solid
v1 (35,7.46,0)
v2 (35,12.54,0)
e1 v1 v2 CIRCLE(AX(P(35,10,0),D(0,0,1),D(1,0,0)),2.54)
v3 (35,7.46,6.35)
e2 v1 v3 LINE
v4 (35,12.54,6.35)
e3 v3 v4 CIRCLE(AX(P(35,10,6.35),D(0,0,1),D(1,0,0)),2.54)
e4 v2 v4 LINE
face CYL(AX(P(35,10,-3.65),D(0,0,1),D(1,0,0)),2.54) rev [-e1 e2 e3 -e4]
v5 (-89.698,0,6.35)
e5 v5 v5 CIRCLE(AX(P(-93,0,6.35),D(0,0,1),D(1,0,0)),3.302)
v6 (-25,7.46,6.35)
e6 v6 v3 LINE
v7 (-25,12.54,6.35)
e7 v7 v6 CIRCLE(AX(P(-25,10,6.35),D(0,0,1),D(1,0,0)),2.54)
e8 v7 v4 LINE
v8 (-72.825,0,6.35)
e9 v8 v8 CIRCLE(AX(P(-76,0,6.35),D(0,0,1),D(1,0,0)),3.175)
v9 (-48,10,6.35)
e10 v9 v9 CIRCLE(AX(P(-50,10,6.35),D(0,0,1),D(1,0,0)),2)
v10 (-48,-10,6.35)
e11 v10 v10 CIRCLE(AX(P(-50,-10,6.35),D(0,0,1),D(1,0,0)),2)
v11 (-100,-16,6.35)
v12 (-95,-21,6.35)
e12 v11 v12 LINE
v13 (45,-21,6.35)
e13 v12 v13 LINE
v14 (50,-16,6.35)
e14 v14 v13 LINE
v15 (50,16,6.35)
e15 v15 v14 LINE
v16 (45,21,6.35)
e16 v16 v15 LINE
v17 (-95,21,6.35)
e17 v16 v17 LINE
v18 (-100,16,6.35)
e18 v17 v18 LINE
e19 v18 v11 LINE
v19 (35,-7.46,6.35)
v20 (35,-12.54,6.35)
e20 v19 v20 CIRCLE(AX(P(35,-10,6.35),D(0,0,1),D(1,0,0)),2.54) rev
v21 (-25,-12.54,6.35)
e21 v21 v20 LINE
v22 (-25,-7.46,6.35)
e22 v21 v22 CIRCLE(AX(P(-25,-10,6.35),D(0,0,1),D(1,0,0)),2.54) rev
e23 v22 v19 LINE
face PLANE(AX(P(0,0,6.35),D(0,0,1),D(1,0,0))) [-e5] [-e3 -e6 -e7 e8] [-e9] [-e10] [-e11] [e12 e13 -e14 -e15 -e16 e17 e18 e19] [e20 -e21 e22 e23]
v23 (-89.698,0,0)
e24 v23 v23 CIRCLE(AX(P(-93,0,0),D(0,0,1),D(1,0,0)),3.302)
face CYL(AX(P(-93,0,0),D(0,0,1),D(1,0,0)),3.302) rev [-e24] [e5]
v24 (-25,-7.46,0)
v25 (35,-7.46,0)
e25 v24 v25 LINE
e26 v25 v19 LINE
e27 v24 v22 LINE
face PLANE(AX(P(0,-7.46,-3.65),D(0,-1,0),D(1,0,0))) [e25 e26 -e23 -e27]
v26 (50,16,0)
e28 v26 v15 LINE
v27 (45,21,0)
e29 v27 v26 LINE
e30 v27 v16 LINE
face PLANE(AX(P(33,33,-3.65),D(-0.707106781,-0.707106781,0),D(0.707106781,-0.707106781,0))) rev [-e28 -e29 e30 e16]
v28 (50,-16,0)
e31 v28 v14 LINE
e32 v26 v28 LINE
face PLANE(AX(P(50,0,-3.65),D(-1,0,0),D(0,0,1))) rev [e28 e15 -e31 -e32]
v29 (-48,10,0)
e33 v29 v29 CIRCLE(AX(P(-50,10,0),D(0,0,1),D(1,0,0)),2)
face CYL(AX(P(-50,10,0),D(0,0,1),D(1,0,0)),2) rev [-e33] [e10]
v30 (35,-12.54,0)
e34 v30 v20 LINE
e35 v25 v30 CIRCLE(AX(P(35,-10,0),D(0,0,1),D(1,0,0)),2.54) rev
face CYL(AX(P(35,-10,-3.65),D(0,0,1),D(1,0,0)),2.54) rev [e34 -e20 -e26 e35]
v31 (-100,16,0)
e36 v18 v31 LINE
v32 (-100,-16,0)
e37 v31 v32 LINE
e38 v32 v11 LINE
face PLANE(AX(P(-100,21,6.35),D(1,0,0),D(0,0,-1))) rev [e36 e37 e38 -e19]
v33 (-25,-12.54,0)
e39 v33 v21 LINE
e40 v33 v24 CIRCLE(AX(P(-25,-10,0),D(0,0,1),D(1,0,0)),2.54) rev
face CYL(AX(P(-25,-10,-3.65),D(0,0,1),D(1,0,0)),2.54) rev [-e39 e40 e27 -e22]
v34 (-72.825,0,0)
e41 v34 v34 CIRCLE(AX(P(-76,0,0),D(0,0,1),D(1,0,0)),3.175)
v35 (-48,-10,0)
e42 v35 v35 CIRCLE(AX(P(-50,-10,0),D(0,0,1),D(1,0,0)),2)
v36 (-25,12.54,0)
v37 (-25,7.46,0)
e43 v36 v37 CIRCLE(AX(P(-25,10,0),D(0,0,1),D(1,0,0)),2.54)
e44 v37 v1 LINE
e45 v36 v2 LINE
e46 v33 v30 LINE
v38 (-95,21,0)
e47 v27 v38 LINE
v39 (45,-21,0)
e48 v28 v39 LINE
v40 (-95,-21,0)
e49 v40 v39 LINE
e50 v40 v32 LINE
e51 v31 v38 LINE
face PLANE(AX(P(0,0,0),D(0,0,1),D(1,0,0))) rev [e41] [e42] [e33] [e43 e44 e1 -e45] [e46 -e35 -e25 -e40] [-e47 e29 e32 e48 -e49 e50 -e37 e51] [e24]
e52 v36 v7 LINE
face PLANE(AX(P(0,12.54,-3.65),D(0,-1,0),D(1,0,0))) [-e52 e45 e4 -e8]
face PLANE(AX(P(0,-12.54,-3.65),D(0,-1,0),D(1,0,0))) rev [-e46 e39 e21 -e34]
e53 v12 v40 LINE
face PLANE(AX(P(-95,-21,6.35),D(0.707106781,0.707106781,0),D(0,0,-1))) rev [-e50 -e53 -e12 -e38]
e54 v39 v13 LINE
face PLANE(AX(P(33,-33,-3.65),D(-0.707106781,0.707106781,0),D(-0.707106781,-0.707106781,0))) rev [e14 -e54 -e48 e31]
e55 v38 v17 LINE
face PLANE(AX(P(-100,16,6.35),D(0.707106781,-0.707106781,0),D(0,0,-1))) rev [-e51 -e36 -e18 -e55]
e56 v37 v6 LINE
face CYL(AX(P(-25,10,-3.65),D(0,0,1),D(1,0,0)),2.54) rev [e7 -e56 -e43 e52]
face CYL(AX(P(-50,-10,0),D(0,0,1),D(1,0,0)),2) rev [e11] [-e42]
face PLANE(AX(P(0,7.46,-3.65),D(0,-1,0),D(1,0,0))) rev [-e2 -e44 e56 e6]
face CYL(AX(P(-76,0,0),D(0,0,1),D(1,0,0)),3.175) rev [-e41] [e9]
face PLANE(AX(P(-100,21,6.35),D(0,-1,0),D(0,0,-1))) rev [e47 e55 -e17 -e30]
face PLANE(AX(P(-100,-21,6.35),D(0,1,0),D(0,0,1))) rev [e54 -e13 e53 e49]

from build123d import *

# Parameters (mm, degrees)
SKETCH1_W           = 200
SKETCH1_H           = 42
BOSS_EXTRUDE1_DEPTH = 6.35
SKETCH3_R           = 2
CUT_EXTRUDE2_DEPTH  = 7.35
SKETCH4_R           = 3.175
CUT_EXTRUDE3_DEPTH  = 7.35
CHAMFER1_SIZE       = 5
SKETCH9_R           = 3.175
CUT_EXTRUDE8_DEPTH  = 7.35
SKETCH10_R          = 12.5
CUT_EXTRUDE9_DEPTH  = 7.35
SKETCH12_R          = 3.302
CUT_EXTRUDE11_DEPTH = 7.35
SKETCH13_R          = 12.5
CUT_EXTRUDE12_DEPTH = 10


with BuildPart() as part:
    # Sketch1 → Boss-Extrude1 (new body)
    with BuildSketch(Plane.XY):
        Rectangle(SKETCH1_W, SKETCH1_H)
    extrude(amount=BOSS_EXTRUDE1_DEPTH)

    # Sketch3 → Cut-Extrude2 (cut, through all)
    with BuildSketch(Plane.XY.offset(6.35)):
        with Locations((-50, 10)):
            Circle(SKETCH3_R)
        with Locations((-50, -10)):
            Circle(SKETCH3_R)
    extrude(amount=-CUT_EXTRUDE2_DEPTH, mode=Mode.SUBTRACT)

    # Sketch4 → Cut-Extrude3 (cut, through all)
    with BuildSketch(Plane.XY.offset(6.35)):
        with Locations((-76, 0)):
            Circle(SKETCH4_R)
    extrude(amount=-CUT_EXTRUDE3_DEPTH, mode=Mode.SUBTRACT)

    # Chamfer1
    chamfer1_edges = [part.edges().sort_by_distance(p)[0] for p in [
        (100, -21, 3.175),
        (-100, -21, 3.175),
        (-100, 21, 3.175),
        (100, 21, 3.175),
    ]]
    chamfer(chamfer1_edges, length=CHAMFER1_SIZE)

    # Sketch9 → Cut-Extrude8 (cut, through all)
    with BuildSketch(Plane.XY.offset(6.35)):
        with Locations((80, 0)):
            Circle(SKETCH9_R)
    extrude(amount=-CUT_EXTRUDE8_DEPTH, mode=Mode.SUBTRACT)

    # Sketch10 → Cut-Extrude9 (cut, through all)
    with BuildSketch(Plane.XY.offset(6.35)):
        with Locations((80, 0)):
            Circle(SKETCH10_R)
    extrude(amount=-CUT_EXTRUDE9_DEPTH, mode=Mode.SUBTRACT)

    # Sketch12 → Cut-Extrude11 (cut, through all)
    with BuildSketch(Plane.XY.offset(6.35)):
        with Locations((-93, 0)):
            Circle(SKETCH12_R)
    extrude(amount=-CUT_EXTRUDE11_DEPTH, mode=Mode.SUBTRACT)

    # Sketch13 → Cut-Extrude12 (cut)
    with BuildSketch(Plane.XY.offset(6.35)):
        Polygon((45, 21), (50, 16), (50, -16), (45, -21), (95, -21), (100, -16), (100, 16), (95, 21), align=None)
        with Locations((80, 0)):
            Circle(SKETCH13_R, mode=Mode.SUBTRACT)
        with BuildLine():
            Line((-25, 7.46), (35, 7.46))
            ThreePointArc((35, 7.46), (37.54, 10), (35, 12.54))
            Line((35, 12.54), (-25, 12.54))
            ThreePointArc((-25, 12.54), (-27.54, 10), (-25, 7.46))
        make_face()
        with BuildLine():
            ThreePointArc((35, -7.46), (37.54, -10), (35, -12.54))
            Line((35, -12.54), (-25, -12.54))
            ThreePointArc((-25, -12.54), (-27.54, -10), (-25, -7.46))
            Line((-25, -7.46), (35, -7.46))
        make_face()
    extrude(amount=-CUT_EXTRUDE12_DEPTH, mode=Mode.SUBTRACT)


solid = part.part
